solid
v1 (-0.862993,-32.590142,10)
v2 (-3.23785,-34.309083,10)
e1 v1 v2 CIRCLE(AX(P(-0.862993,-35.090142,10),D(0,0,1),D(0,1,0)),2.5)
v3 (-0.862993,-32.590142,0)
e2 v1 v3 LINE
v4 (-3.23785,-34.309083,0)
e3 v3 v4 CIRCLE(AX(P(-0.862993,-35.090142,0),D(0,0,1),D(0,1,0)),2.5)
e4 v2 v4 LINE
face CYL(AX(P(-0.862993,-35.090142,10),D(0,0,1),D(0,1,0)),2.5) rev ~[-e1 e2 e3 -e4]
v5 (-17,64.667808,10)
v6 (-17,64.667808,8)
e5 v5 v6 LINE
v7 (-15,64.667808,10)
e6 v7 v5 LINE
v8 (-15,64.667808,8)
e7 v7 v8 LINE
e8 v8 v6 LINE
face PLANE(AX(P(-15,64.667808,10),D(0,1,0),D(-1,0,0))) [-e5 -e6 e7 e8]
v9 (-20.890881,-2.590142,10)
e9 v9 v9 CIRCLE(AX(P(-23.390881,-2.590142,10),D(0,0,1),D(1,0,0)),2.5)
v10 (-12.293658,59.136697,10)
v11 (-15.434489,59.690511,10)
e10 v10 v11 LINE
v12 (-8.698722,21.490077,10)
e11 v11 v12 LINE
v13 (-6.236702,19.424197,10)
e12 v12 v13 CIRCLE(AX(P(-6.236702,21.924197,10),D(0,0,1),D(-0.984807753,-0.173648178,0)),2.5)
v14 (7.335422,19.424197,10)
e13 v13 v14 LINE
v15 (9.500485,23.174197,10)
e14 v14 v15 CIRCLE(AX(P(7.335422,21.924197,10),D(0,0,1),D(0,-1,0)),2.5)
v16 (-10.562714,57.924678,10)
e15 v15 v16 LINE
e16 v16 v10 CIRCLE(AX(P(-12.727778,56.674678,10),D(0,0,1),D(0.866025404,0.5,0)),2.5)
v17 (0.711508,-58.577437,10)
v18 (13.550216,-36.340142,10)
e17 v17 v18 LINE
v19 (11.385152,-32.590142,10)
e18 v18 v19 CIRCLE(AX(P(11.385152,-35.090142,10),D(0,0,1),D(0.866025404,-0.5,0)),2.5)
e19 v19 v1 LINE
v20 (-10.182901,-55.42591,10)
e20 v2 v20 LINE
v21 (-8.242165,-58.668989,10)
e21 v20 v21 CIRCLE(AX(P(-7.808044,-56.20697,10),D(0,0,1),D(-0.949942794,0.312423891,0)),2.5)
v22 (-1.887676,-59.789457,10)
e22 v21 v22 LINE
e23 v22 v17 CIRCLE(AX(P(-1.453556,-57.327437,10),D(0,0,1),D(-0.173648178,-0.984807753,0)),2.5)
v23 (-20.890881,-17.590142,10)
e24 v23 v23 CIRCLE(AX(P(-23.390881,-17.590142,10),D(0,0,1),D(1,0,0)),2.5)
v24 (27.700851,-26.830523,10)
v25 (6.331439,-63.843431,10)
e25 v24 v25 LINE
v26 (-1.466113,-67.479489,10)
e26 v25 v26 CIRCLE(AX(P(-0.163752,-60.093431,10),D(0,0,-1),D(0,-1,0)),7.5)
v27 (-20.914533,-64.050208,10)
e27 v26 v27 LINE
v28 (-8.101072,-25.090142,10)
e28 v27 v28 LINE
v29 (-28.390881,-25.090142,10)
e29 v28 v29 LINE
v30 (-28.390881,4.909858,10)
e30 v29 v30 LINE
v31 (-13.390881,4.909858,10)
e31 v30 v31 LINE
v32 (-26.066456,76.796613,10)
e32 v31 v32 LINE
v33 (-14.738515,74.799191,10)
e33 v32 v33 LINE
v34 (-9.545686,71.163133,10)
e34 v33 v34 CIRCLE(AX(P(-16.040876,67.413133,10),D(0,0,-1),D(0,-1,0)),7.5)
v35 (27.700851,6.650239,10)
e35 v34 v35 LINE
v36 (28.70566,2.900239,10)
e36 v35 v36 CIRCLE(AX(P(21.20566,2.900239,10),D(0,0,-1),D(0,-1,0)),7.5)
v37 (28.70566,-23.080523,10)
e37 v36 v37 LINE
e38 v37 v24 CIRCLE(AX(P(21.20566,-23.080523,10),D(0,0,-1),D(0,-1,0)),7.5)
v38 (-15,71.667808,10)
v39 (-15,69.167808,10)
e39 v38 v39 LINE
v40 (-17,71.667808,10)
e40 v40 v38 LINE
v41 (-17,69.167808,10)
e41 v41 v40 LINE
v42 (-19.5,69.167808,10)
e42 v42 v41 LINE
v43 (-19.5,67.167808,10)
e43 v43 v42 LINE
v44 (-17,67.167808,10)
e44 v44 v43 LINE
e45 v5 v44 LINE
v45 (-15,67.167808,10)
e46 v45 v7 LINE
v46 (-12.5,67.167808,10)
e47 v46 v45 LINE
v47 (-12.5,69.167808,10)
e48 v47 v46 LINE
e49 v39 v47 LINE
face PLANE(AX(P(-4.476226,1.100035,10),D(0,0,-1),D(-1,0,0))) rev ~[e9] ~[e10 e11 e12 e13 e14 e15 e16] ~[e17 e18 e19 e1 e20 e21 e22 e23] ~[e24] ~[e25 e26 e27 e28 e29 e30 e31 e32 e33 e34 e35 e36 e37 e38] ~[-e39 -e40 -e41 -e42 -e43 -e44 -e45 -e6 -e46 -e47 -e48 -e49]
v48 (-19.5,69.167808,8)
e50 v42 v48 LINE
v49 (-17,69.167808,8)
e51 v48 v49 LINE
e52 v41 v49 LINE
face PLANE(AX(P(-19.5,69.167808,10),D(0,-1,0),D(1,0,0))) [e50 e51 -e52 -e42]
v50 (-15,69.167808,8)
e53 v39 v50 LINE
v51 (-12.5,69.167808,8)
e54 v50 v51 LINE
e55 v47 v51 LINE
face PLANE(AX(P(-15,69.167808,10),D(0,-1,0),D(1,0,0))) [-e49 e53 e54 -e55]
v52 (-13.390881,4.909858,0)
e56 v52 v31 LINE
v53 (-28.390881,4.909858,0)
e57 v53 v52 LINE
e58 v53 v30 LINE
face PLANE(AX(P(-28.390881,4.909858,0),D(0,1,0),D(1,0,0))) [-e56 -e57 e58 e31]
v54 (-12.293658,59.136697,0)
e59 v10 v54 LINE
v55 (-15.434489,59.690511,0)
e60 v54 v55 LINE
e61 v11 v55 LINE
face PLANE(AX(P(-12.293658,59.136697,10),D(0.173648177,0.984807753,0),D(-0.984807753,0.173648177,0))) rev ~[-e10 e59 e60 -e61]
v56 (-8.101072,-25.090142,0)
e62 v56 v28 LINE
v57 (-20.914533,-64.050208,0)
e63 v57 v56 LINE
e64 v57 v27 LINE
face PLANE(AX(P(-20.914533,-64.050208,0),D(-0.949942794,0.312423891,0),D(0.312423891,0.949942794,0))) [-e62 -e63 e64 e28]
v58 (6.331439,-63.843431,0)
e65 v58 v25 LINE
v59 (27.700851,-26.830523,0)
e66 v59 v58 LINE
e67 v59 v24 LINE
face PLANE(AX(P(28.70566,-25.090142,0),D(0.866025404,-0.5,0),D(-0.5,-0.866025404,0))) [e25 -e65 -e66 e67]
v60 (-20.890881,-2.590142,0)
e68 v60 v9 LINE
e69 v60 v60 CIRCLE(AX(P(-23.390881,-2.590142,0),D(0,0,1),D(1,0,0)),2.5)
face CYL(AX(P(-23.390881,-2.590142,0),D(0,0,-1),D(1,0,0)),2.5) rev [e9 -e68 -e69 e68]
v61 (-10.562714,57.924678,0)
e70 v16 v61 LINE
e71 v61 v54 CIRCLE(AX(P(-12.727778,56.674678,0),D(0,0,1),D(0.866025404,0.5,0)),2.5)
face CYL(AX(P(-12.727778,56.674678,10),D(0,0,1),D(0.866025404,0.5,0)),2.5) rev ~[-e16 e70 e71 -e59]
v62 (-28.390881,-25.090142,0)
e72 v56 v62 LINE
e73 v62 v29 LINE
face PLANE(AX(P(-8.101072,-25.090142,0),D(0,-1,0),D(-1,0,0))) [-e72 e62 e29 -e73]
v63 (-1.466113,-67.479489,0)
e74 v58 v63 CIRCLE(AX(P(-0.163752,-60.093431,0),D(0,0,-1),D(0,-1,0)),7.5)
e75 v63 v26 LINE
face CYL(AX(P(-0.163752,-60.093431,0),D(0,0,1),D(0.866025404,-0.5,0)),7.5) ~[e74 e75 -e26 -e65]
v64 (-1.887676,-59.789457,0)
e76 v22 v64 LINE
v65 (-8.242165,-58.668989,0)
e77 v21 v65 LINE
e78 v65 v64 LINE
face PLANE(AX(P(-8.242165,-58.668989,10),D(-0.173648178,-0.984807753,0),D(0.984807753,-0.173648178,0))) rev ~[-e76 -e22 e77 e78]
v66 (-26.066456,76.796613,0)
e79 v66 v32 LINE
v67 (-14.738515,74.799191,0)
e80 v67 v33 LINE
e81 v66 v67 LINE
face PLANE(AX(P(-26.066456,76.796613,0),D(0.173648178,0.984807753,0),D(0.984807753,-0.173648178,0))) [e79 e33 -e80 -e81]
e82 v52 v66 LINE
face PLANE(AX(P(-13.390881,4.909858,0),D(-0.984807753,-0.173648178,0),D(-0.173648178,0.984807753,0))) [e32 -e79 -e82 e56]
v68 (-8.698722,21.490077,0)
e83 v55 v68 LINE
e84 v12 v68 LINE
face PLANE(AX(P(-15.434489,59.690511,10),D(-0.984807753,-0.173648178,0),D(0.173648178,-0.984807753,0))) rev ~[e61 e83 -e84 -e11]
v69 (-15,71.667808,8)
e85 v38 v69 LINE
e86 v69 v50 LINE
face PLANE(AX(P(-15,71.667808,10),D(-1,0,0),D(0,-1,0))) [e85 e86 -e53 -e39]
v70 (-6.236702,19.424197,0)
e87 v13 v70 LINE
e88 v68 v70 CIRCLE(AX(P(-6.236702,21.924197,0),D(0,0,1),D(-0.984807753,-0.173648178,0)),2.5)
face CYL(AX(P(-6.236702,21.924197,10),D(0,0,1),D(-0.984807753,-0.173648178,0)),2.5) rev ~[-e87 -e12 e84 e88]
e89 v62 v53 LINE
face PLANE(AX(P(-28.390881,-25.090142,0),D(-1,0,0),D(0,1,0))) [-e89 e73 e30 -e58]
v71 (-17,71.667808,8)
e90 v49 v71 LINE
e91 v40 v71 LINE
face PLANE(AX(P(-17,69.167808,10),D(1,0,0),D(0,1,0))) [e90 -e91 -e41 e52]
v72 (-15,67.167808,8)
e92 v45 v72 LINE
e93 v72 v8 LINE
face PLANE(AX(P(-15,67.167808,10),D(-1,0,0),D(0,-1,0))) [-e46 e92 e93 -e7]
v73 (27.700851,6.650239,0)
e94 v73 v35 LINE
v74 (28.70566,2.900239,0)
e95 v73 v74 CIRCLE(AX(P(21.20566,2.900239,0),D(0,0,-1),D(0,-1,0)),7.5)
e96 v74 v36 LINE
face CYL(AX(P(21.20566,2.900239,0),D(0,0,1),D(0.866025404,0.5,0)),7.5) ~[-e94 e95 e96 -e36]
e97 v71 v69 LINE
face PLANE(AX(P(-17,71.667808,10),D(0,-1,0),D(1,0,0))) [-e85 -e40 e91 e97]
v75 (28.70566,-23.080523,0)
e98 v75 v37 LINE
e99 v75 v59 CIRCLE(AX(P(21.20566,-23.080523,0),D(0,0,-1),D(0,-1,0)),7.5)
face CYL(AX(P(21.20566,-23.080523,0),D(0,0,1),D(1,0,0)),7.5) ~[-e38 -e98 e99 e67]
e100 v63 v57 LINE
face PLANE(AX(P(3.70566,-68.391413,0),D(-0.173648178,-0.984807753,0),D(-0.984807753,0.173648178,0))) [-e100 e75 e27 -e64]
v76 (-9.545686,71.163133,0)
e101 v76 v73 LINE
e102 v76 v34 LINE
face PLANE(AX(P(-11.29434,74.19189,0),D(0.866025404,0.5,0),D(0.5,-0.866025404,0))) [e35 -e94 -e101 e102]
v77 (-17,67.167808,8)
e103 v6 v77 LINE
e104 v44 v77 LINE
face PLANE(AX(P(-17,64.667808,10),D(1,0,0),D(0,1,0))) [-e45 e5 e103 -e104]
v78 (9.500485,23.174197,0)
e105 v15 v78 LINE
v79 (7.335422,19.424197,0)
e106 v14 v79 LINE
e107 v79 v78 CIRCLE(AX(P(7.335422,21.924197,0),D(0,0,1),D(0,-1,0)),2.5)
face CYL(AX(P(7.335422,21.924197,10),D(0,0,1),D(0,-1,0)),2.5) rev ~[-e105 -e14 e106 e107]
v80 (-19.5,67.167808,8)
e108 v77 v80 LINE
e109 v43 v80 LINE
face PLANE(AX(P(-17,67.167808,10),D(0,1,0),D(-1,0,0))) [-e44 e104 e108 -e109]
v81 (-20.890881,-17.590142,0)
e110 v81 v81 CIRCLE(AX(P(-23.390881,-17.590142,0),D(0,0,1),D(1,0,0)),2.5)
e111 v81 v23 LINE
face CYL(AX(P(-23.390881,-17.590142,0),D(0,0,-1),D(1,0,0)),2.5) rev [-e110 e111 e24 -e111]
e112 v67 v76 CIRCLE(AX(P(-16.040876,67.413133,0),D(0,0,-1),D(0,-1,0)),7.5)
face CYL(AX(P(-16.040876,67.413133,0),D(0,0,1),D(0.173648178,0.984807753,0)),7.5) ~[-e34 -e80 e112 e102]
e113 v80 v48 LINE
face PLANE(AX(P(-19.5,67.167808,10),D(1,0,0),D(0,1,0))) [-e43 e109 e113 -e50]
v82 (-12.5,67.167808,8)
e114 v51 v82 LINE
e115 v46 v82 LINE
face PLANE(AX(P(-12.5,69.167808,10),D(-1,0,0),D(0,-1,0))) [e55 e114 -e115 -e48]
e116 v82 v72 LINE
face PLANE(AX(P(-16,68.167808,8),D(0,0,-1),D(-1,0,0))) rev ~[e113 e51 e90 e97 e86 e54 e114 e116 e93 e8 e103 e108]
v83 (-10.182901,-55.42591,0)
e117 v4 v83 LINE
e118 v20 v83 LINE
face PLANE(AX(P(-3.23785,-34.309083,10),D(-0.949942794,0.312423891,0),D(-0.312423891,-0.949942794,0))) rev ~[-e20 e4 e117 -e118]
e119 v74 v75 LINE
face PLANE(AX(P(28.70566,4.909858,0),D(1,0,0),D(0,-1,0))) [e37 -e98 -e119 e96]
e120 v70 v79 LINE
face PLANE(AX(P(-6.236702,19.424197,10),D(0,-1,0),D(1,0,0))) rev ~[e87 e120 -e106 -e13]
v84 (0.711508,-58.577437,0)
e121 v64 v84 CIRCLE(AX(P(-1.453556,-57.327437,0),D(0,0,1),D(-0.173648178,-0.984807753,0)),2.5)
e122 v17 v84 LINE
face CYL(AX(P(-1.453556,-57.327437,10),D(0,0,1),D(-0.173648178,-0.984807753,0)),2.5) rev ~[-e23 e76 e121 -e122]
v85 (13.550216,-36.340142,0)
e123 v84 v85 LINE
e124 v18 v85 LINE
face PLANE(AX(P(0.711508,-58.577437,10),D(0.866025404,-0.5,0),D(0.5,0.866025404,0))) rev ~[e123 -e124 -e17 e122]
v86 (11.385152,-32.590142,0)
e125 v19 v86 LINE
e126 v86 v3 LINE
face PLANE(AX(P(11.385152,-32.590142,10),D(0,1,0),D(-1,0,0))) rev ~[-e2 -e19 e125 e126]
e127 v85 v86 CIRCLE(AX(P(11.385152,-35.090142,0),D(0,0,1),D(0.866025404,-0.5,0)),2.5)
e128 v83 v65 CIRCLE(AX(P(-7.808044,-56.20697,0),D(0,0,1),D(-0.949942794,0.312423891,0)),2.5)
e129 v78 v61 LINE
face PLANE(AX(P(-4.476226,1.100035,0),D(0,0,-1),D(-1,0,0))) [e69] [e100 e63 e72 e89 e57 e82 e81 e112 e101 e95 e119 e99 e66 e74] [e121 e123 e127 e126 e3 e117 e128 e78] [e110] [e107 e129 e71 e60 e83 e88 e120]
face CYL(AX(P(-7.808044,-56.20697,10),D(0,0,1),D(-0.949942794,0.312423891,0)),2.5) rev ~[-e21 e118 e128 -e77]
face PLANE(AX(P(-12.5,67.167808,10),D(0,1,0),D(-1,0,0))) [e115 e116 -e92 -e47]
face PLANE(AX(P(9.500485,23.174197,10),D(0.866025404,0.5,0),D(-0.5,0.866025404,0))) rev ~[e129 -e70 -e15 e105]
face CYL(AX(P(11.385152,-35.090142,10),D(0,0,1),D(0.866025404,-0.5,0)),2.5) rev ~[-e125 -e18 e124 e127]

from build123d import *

# Parameters (mm, degrees)
IZIM1_R                     = 2.5
Y_KSEKLIK_EKSTR_ZYON1_DEPTH = 10
RADYUS1_R                   = 7.5
RADYUS2_R                   = 7.5
KES_EKSTR_ZYON1_DEPTH       = 10
KES_EKSTR_ZYON2_DEPTH       = 2


with BuildPart() as part:
    # Çizim1 → Yükseklik-Ekstrüzyon1 (new body)
    with BuildSketch(Plane.XY):
        Polygon((-26.066455833, 76.796612605), (-11.294339538, 74.19188994), (28.705660462, 4.909857637), (28.705660462, -25.090142363), (3.705660462, -68.391412552), (-20.914533363, -64.05020811), (-8.101071955, -25.090142363), (-28.390881377, -25.090142363), (-28.390881377, 4.909857637), (-13.390881377, 4.909857637), align=None)
        with Locations((-23.390881377, -2.590142363)):
            Circle(IZIM1_R, mode=Mode.SUBTRACT)
        with Locations((-23.390881377, -17.590142363)):
            Circle(IZIM1_R, mode=Mode.SUBTRACT)
    extrude(amount=Y_KSEKLIK_EKSTR_ZYON1_DEPTH)

    # Radyus1
    radyus1_edges = [part.edges().sort_by_distance(p)[0] for p in [
        (-11.294339538, 74.19188994, 5),
    ]]
    fillet(radyus1_edges, radius=RADYUS1_R)

    # Radyus2
    radyus2_edges = [part.edges().sort_by_distance(p)[0] for p in [
        (28.705660462, 4.909857637, 5),
        (28.705660462, -25.090142363, 5),
        (3.705660462, -68.391412552, 5),
    ]]
    fillet(radyus2_edges, radius=RADYUS2_R)

    # Çizim2 → Kes-Ekstrüzyon1 (cut)
    with BuildSketch(Plane.XY.offset(10)):
        with BuildLine():
            Line((-15.434488962, 59.690510809), (-8.698721777, 21.490076831))
            ThreePointArc((-8.698721777, 21.490076831), (-7.843671419, 20.009086168), (-6.236702395, 19.424197275))
            Line((-6.236702395, 19.424197275), (7.335421508, 19.424197275))
            ThreePointArc((7.335421508, 19.424197275), (9.500485018, 20.674197275), (9.500485018, 23.174197275))
            Line((9.500485018, 23.174197275), (-10.56271444, 57.924678099))
            ThreePointArc((-10.56271444, 57.924678099), (-11.293836859, 58.72255821), (-12.293657506, 59.136697482))
            Line((-12.293657506, 59.136697482), (-15.434488962, 59.690510809))
        make_face()
        with BuildLine():
            Line((-8.242164507, -58.66898906), (-1.887676329, -59.789456774))
            ThreePointArc((-1.887676329, -59.789456774), (-0.39701023, -59.593206859), (0.711507625, -58.577437392))
            Line((0.711507625, -58.577437392), (13.550215896, -36.340142363))
            ThreePointArc((13.550215896, -36.340142363), (13.550215896, -33.840142363), (11.385152387, -32.590142363))
            Line((11.385152387, -32.590142363), (-0.86299285, -32.590142363))
            ThreePointArc((-0.86299285, -32.590142363), (-2.328828905, -33.064969615), (-3.237849836, -34.309082635))
            Line((-3.237849836, -34.309082635), (-10.182901048, -55.42590995))
            ThreePointArc((-10.182901048, -55.42590995), (-9.953266447, -57.490722349), (-8.242164507, -58.66898906))
        make_face()
    extrude(amount=-KES_EKSTR_ZYON1_DEPTH, mode=Mode.SUBTRACT)

    # Çizim3 → Kes-Ekstrüzyon2 (cut)
    with BuildSketch(Plane.XY.offset(10)):
        Polygon((-17, 71.667807617), (-15, 71.667807617), (-15, 69.167807617), (-12.5, 69.167807617), (-12.5, 67.167807617), (-15, 67.167807617), (-15, 64.667807617), (-17, 64.667807617), (-17, 67.167807617), (-19.5, 67.167807617), (-19.5, 69.167807617), (-17, 69.167807617), align=None)
    extrude(amount=-KES_EKSTR_ZYON2_DEPTH, mode=Mode.SUBTRACT)


solid = part.part
